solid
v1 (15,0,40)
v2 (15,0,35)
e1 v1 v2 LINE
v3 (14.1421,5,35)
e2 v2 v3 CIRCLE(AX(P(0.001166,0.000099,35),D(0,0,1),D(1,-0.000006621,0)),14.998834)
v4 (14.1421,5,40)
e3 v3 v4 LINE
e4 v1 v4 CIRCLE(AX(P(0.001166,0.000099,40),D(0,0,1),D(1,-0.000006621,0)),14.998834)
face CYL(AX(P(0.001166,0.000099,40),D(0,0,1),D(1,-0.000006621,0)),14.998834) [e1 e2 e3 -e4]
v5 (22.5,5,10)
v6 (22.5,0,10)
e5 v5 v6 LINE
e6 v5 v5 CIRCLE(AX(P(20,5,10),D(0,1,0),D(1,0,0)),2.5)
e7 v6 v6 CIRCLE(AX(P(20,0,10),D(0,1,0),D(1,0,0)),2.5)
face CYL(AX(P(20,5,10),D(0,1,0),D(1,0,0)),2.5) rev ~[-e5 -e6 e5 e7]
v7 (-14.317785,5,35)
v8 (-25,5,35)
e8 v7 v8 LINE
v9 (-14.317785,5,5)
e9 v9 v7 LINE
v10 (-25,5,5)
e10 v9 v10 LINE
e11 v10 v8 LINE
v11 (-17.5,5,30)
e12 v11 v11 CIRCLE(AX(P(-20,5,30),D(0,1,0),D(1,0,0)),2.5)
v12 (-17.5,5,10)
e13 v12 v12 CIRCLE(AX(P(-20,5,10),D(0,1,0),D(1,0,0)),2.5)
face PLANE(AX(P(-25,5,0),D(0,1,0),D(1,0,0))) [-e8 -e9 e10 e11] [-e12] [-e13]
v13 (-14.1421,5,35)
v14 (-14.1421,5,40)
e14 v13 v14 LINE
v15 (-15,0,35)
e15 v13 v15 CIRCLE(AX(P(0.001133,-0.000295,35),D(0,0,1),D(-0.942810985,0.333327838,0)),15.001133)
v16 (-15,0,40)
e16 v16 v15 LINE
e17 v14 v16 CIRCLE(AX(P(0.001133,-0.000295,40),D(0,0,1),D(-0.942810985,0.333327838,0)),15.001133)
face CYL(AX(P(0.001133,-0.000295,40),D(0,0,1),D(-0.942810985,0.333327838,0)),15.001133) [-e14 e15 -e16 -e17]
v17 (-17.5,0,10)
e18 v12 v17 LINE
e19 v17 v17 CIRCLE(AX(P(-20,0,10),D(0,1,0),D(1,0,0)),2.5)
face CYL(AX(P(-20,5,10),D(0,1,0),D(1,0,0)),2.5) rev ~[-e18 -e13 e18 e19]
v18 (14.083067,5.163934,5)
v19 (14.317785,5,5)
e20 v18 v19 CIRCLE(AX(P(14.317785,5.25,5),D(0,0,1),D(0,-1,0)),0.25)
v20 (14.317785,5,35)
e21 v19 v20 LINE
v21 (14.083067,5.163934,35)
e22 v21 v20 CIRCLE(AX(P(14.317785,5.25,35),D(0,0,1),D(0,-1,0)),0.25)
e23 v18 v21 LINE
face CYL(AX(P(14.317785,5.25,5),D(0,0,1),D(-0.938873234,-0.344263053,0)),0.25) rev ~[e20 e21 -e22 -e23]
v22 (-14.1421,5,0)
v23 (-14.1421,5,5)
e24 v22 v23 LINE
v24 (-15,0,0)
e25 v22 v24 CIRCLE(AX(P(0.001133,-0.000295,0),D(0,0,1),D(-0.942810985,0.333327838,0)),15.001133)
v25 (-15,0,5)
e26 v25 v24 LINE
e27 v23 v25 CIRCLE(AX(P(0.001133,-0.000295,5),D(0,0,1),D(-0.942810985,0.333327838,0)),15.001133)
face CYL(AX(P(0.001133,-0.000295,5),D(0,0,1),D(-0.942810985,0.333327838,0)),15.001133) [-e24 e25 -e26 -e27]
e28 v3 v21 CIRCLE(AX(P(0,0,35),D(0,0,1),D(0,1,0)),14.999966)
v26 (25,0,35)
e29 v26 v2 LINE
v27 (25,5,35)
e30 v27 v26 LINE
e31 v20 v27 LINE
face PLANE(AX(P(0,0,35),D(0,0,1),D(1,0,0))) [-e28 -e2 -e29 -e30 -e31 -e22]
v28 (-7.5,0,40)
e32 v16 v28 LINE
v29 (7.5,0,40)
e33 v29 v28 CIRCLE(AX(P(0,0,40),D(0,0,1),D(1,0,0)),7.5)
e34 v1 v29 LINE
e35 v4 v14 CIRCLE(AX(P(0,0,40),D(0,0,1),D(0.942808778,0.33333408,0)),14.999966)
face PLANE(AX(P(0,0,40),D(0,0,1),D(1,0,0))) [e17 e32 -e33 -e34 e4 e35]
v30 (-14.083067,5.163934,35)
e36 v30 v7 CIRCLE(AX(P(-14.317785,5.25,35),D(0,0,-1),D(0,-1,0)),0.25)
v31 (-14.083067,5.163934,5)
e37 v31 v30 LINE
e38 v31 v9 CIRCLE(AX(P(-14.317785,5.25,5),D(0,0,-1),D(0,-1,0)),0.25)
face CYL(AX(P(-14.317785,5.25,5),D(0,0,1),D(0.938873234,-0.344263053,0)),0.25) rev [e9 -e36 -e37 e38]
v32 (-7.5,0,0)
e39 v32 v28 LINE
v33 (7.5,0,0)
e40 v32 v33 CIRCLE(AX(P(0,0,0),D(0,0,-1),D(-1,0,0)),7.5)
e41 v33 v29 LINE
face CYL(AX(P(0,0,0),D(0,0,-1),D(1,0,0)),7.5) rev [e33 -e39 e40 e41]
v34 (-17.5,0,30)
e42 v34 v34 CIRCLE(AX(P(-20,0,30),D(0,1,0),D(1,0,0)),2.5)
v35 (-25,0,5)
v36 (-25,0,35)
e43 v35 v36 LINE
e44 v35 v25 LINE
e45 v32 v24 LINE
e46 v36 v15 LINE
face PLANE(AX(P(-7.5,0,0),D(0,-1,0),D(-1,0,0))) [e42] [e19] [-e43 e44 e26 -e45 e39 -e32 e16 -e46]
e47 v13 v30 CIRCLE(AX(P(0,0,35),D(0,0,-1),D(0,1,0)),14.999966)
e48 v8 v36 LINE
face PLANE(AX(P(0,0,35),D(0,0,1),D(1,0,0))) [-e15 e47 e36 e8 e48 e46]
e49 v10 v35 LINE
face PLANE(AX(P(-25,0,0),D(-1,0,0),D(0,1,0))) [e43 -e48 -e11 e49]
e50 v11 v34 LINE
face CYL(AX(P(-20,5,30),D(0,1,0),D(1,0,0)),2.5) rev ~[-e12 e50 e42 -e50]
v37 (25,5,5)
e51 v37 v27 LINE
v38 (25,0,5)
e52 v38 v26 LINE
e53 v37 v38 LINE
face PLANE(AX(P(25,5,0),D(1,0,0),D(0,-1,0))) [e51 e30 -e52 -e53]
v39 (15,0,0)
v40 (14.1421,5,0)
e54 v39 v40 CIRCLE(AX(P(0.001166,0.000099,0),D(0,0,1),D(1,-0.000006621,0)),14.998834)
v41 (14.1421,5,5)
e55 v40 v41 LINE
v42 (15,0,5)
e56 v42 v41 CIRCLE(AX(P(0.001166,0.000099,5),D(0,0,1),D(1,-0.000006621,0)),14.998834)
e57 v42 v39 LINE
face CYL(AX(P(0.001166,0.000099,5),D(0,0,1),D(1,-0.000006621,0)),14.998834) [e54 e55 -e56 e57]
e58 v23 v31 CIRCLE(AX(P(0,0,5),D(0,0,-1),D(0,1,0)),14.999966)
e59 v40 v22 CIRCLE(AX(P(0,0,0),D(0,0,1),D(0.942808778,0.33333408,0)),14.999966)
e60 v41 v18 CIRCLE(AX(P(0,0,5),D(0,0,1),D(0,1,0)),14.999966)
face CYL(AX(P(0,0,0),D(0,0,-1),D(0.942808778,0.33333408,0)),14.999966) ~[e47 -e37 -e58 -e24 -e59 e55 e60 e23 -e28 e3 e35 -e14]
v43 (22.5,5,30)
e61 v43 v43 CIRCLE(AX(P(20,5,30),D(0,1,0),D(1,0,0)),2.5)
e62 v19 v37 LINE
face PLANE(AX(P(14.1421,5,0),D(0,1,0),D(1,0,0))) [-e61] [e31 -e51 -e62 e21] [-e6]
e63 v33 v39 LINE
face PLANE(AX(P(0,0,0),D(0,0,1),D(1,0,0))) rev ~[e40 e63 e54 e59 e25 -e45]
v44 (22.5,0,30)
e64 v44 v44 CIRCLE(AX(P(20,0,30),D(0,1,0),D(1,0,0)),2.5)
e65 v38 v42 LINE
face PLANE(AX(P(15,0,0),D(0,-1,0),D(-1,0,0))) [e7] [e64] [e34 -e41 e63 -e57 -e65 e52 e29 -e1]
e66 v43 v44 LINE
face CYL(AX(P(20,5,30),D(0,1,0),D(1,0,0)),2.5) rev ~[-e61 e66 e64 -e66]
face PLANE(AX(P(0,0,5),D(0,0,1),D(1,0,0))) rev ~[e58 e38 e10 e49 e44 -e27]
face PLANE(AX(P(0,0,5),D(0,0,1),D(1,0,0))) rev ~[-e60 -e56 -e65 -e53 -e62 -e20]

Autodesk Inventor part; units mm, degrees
ref_plane "YZ Plane" through (0, 0, 0) normal (1, 0, 0) x (0, 1, 0)
ref_plane "XZ Plane" through (0, 0, 0) normal (0, 1, 0) x (-1, 0, 0)
ref_plane "XY Plane" through (0, 0, 0) normal (0, 0, 1) x (1, 0, 0)
sketch "草图1" plane through (0, 0, 0) normal (0, 0, 1) x (1, 0, 0)
  arc A0 (7.5, 0) -> (-7.5, 0) centre (0, 0) ccw
  arc A1 (15, 0) -> (-15, 0) centre (0, 0) ccw
  line L0 (25, 5) -> (25, 0)
  line L1 (-25, 0) -> (-25, 5)
  line L2 (25, 0) -> (7.5, 0)
  line L3 (-7.5, 0) -> (-25, 0)
  line L4 (-25, 5) -> (-5.5902, 5)
  line L5 (5.5902, 5) -> (25, 5)
  line L6 (0, 0) -> (0, -4.0409)
  line L7 (0, 0) -> (2.0046, 0)
  arc A2 (5.5902, 5) -> (-5.5902, 5) centre (0, 0) ccw
  arc A3 (14.1421, 5) -> (-14.1421, 5) centre (0, 0) ccw
  dimension "d0" = 15
  dimension "d1" = 30
  dimension "d2" = 5
  dimension "d3" = 50
  dimension "d4" = 4.0409
  dimension "d5" = 2.0046
extrude "拉伸1" add sketch "草图1" along normal blind 40
sketch "草图2" plane through (0, 0, 40) normal (0, 0, 1) x (1, 0, 0)
  line L0 (14.1421, 5) -> (25, 5)
  line L1 (25, 5) -> (14.1421, 5) projected
  line L2 (25, 5) -> (25, 0)
  line L3 (25, 0) -> (15, 0)
  line L4 (7.5, 0) -> (25, 0) projected
  line L5 (-14.1421, 5) -> (-25, 5)
  line L6 (-14.1421, 5) -> (-25, 5) projected
  line L7 (-25, 5) -> (-25, 0)
  line L8 (-25, 0) -> (-15, 0)
  arc A0 (15, 0) -> (14.1421, 5) centre (0, 0) ccw
  arc A1 (-14.1421, 5) -> (-15, 0) centre (0, 0) ccw
extrude "拉伸2" cut sketch "草图2" against normal blind 5
pattern_linear "矩形阵列1" count 2 spacing 35 along (0, 0, -1) of "拉伸2"
fillet "圆角1" radius 0.25 2 edges at (14.1421, 5, 20) (-14.1421, 5, 20)
sketch "草图3" plane through (25, 5, 35) normal (0, 1, 0) x (1, 0, 0)
  circle A0 centre (-5, 25) radius 2.5
  circle A1 centre (-5, 5) radius 2.5
  circle A2 centre (-45, 25) radius 2.5
  circle A3 centre (-45, 5) radius 2.5
  line L0 (0, 30) -> (0, 0) projected
  line L1 (0, 30) -> (-10.6822, 30) projected
  line L2 (-10.6822, 0) -> (0, 0) projected
  line L3 (-50, 30) -> (-50, 0) projected
  line L4 (-50, 0) -> (-39.3178, 0) projected
  line L5 (-39.3178, 30) -> (-50, 30) projected
  point P0 (-25, 35)
  dimension "d14" = 5
  dimension "d15" = 5
  dimension "d16" = 5
  dimension "d17" = 5
  dimension "d18" = 5
  dimension "d19" = 5
  dimension "d20" = 5
  dimension "d21" = 5
  dimension "d22" = 5
  dimension "d23" = 5
  dimension "d24" = 5
  dimension "d25" = 5
extrude "拉伸3" cut sketch "草图3" against normal through all
properties part number "砂轮架带动曲柄轴盖"
